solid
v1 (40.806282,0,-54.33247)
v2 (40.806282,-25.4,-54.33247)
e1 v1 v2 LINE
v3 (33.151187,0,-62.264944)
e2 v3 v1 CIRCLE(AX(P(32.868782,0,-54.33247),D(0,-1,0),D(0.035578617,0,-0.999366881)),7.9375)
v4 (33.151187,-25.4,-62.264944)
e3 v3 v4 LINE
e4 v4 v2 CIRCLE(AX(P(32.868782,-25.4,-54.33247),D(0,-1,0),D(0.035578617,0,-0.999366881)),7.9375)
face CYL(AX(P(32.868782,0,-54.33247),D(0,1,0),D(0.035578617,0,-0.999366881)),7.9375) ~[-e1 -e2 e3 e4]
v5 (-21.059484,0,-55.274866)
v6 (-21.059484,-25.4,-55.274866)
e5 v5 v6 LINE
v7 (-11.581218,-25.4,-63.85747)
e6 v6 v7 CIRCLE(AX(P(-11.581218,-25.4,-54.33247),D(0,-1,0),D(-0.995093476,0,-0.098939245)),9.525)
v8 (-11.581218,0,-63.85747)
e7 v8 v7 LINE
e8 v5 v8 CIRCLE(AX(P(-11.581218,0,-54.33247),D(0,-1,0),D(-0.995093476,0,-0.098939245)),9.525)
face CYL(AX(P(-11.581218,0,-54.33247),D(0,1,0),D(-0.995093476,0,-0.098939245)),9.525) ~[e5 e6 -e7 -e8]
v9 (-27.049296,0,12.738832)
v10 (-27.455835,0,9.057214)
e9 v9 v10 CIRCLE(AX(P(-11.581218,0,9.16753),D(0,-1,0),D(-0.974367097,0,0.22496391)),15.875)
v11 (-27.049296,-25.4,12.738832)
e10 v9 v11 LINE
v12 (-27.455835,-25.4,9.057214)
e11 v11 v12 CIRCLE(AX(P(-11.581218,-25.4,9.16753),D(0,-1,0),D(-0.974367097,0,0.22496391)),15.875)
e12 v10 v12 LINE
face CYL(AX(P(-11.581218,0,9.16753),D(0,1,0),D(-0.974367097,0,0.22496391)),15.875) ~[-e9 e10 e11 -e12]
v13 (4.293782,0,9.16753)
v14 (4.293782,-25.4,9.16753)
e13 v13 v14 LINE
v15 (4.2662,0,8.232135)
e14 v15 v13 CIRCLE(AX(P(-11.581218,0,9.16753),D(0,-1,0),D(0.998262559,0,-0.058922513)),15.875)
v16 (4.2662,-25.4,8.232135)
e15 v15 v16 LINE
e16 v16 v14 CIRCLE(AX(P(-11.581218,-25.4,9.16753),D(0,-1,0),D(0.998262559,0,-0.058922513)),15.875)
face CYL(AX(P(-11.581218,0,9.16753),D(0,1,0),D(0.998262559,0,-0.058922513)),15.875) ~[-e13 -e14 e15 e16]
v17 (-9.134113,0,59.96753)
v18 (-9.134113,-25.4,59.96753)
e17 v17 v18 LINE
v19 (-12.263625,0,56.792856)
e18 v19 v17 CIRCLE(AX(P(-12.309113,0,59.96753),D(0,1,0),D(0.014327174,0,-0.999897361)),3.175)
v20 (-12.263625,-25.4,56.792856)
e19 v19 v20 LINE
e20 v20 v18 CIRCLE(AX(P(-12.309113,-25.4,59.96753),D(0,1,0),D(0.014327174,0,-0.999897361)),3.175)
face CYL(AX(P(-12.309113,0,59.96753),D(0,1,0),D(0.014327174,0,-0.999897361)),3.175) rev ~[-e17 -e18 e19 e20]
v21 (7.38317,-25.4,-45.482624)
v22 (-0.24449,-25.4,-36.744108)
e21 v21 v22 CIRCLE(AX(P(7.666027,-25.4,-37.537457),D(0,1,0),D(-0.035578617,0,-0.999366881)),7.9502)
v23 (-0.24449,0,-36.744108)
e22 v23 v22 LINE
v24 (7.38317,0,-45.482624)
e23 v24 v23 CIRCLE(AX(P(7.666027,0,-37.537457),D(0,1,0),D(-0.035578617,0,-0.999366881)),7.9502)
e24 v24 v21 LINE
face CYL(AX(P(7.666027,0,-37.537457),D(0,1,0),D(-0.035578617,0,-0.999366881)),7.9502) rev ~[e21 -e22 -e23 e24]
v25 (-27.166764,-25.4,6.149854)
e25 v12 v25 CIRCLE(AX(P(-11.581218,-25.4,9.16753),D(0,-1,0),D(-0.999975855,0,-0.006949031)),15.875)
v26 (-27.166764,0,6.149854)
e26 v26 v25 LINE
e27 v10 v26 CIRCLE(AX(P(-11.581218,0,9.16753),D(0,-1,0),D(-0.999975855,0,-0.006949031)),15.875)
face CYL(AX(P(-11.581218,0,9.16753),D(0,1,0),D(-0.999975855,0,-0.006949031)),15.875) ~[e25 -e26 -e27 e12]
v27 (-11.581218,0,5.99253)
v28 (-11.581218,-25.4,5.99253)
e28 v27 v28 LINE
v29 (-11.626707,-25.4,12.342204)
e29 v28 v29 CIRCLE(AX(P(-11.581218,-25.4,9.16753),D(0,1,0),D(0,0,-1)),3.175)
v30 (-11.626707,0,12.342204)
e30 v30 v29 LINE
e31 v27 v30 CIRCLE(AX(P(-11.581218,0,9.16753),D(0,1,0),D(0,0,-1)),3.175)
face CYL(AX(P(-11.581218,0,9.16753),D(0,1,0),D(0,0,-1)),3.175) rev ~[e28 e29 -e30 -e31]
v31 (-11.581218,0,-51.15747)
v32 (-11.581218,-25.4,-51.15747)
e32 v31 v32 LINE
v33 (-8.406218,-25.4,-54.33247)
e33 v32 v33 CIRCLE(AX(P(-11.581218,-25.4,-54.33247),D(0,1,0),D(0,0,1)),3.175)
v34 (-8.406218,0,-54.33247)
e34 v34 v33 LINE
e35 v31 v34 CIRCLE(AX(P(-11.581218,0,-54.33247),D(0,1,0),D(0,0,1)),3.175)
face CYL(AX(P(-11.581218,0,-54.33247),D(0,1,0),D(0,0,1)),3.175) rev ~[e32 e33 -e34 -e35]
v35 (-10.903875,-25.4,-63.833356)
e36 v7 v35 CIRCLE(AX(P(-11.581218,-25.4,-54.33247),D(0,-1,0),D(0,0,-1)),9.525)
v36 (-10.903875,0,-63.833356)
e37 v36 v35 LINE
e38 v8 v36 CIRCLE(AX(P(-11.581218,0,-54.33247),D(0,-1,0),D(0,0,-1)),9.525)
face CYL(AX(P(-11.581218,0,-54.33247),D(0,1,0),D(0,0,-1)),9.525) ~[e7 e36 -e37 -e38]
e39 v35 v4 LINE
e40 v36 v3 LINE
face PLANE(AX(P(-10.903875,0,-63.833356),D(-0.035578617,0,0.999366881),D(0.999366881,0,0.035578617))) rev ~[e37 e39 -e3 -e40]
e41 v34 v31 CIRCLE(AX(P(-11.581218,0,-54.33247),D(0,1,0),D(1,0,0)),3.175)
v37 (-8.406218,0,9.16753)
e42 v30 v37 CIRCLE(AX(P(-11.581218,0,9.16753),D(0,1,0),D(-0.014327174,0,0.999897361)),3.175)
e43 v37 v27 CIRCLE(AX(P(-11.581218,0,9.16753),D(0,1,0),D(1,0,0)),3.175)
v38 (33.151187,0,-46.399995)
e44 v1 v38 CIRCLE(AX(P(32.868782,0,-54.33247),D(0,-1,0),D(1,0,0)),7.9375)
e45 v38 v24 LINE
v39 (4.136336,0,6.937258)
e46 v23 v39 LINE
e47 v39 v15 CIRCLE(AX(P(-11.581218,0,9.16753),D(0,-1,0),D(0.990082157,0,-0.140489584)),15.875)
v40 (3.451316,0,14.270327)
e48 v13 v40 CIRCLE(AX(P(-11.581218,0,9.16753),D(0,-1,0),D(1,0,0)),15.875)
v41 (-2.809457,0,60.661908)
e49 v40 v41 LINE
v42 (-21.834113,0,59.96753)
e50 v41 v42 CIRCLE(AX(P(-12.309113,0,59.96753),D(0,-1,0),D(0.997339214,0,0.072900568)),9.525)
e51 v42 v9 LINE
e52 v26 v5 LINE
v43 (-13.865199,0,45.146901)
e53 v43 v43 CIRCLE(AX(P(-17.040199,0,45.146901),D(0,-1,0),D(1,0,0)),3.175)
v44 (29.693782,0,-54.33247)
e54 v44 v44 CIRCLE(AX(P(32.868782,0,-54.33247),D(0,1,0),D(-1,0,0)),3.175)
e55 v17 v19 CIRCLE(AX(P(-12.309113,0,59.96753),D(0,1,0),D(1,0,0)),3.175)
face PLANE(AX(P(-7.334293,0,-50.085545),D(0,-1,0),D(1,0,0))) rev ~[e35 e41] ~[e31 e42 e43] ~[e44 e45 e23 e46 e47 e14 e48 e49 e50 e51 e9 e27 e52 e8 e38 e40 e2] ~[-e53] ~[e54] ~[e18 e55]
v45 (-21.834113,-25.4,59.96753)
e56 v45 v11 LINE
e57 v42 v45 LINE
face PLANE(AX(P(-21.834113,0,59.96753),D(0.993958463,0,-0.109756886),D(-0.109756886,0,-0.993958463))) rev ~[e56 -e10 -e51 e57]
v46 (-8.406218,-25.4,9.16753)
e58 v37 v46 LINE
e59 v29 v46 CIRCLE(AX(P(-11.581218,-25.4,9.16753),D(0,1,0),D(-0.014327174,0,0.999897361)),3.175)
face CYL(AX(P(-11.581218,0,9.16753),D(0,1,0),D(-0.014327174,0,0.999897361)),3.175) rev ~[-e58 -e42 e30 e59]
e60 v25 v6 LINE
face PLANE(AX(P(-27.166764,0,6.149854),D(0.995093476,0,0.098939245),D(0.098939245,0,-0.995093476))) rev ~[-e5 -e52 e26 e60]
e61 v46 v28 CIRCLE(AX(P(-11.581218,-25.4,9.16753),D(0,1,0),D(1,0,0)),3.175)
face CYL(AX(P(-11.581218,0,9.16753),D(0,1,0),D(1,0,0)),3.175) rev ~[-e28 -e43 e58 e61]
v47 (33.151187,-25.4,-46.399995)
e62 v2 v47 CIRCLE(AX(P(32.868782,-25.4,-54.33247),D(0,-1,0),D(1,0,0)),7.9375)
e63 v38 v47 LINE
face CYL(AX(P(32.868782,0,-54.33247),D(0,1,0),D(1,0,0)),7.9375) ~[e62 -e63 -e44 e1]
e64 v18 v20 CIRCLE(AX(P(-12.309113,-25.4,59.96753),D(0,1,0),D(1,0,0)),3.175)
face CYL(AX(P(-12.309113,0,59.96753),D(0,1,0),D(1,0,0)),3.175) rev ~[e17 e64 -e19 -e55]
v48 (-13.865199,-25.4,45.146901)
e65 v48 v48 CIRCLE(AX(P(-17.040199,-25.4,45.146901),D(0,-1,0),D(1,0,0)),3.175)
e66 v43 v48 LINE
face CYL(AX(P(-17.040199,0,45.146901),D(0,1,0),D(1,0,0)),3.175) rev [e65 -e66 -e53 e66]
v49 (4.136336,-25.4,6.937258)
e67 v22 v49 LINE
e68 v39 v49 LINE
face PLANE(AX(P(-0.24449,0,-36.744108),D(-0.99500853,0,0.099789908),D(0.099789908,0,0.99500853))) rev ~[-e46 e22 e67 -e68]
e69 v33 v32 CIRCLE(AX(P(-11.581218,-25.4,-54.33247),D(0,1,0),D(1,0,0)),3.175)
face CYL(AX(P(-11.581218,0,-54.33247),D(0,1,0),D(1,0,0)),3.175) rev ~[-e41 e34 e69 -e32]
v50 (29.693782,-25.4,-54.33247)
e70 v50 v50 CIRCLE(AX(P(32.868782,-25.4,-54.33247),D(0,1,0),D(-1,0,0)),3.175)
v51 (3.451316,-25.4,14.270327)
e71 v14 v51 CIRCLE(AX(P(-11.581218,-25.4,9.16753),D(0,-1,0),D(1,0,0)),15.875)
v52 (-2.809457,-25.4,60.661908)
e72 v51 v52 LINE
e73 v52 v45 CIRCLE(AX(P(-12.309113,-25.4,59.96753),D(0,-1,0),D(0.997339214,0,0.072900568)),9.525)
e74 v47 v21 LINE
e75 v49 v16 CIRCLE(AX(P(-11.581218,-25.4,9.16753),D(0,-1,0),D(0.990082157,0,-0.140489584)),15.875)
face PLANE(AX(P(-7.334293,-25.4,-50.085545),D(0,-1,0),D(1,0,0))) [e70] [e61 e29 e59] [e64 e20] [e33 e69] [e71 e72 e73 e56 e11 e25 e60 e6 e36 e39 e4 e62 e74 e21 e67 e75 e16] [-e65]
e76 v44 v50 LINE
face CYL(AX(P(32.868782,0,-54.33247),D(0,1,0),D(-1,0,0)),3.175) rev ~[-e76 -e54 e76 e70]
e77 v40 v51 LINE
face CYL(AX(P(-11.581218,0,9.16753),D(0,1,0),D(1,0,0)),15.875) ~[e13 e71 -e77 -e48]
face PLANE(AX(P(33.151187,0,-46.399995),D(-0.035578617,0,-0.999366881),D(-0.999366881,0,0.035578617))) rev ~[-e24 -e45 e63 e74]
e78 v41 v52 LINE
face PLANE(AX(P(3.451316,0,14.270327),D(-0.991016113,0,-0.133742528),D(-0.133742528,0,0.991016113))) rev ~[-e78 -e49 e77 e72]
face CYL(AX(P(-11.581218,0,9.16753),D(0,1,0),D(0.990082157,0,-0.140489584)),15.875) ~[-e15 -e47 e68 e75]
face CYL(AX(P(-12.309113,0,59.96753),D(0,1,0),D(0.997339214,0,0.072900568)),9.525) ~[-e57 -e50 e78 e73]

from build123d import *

# Parameters (mm, degrees)
F0_R     = 3.175
F1_DEPTH = 25.4
F2_DEPTH = 25.4


with BuildPart() as f1:
    # F0 (on Front) → F1 (new body)
    with BuildSketch(Plane.XZ):
        with BuildLine():
            ThreePointArc((-21.8341132764, 59.9675301176), (-18.9958831699, 53.1842614814), (-12.1726469476, 50.4435077562))
            ThreePointArc((-12.1726469476, 50.4435077562), (-5.5258446402, 53.2807602241), (-2.7841132764, 59.9675301176))
            ThreePointArc((-2.7841132764, 59.9675301176), (-2.7904513825, 60.3149502538), (-2.8094572661, 60.6619080307))
            ThreePointArc((-2.8094572661, 60.6619080307), (-12.6565334125, 69.4861920114), (-21.8341132764, 59.9675301176))
        make_face()
        with BuildLine():
            ThreePointArc((-9.1341132764, 59.9675301176), (-10.048023731, 57.7386068198), (-12.2636245001, 56.7928559971))
            ThreePointArc((-12.2636245001, 56.7928559971), (-14.5702028218, 62.1964534155), (-9.1341132764, 59.9675301176))
        make_face(mode=Mode.SUBTRACT)
        with BuildLine():
            ThreePointArc((-2.7841132764, 59.9675301176), (-5.5258446402, 53.2807602241), (-12.1726469476, 50.4435077562))
            Line((-12.1726469476, 50.4435077562), (-11.8086620269, 25.04090072))
            ThreePointArc((-11.8086620269, 25.04090072), (-2.4270394488, 22.1373657907), (3.4513160797, 14.2703273667))
            Line((3.4513160797, 14.2703273667), (-2.8094572661, 60.6619080307))
            ThreePointArc((-2.8094572661, 60.6619080307), (-2.7904513825, 60.3149502538), (-2.7841132764, 59.9675301176))
        make_face()
        with BuildLine():
            Line((-11.8086620269, 25.04090072), (-12.1726469476, 50.4435077562))
            ThreePointArc((-12.1726469476, 50.4435077562), (-18.9958831699, 53.1842614814), (-21.8341132764, 59.9675301176))
            Line((-21.8341132764, 59.9675301176), (-27.0492958066, 12.7388321873))
            ThreePointArc((-27.0492958066, 12.7388321873), (-21.5523049303, 21.5203861976), (-11.8086620269, 25.04090072))
        make_face()
        with Locations((-17.0401986688, 45.1469011605)):
            Circle(F0_R, mode=Mode.SUBTRACT)
        with BuildLine():
            ThreePointArc((3.4513160797, 14.2703273667), (-2.4270394488, 22.1373657907), (-11.8086620269, 25.04090072))
            Line((-11.8086620269, 25.04090072), (-11.6267069219, 12.3422042381))
            ThreePointArc((-11.6267069219, 12.3422042381), (-9.3522948478, 11.428619663), (-8.4062181456, 9.1675301176))
            ThreePointArc((-8.4062181456, 9.1675301176), (-9.3361541153, 6.9224660873), (-11.5812181456, 5.9925301176))
            Line((-11.5812181456, 5.9925301176), (-11.5812181456, -6.7074698824))
            ThreePointArc((-11.5812181456, -6.7074698824), (-1.1742480118, -2.8204053858), (4.1363360906, 6.9372579749))
            Line((4.1363360906, 6.9372579749), (4.2661999847, 8.232135226))
            Line((4.2661999847, 8.232135226), (3.4513160797, 14.2703273667))
        make_face()
        with BuildLine():
            Line((-11.6267069219, 12.3422042381), (-11.8086620269, 25.04090072))
            ThreePointArc((-11.8086620269, 25.04090072), (-21.5523049303, 21.5203861976), (-27.0492958066, 12.7388321873))
            Line((-27.0492958066, 12.7388321873), (-27.4558348468, 9.0572142544))
            Line((-27.4558348468, 9.0572142544), (-27.1667644493, 6.1498536246))
            ThreePointArc((-27.1667644493, 6.1498536246), (-21.6834458869, -3.0783107953), (-11.5812181456, -6.7074698824))
            Line((-11.5812181456, -6.7074698824), (-11.5812181456, 5.9925301176))
            ThreePointArc((-11.5812181456, 5.9925301176), (-14.7561366747, 9.1447851458), (-11.6267069219, 12.3422042381))
        make_face()
        with BuildLine():
            ThreePointArc((4.2937818544, 9.1675301176), (4.0817494185, 11.7534674886), (3.4513160797, 14.2703273667))
            Line((3.4513160797, 14.2703273667), (4.2661999847, 8.232135226))
            ThreePointArc((4.2661999847, 8.232135226), (4.2868848888, 8.6996293902), (4.2937818544, 9.1675301176))
        make_face()
        with BuildLine():
            Line((-27.4558348468, 9.0572142544), (-27.0492958066, 12.7388321873))
            ThreePointArc((-27.0492958066, 12.7388321873), (-27.3603087443, 10.9099206818), (-27.4558348468, 9.0572142544))
        make_face()
        with BuildLine():
            ThreePointArc((4.1363360906, 6.9372579749), (4.2145422634, 7.5833653216), (4.2661999847, 8.232135226))
            Line((4.2661999847, 8.232135226), (4.1363360906, 6.9372579749))
        make_face()
        with BuildLine():
            Line((-27.1667644493, 6.1498536246), (-27.4558348468, 9.0572142544))
            ThreePointArc((-27.4558348468, 9.0572142544), (-27.3783270751, 7.5968695977), (-27.1667644493, 6.1498536246))
        make_face()
        with BuildLine():
            ThreePointArc((4.1363360906, 6.9372579749), (-1.1742480118, -2.8204053858), (-11.5812181456, -6.7074698824))
            Line((-11.5812181456, -6.7074698824), (-11.5812181456, -44.8074698824))
            ThreePointArc((-11.5812181456, -44.8074698824), (-4.8460260548, -47.5972777916), (-2.0562181456, -54.3324698824))
            Line((-2.0562181456, -54.3324698824), (24.9312818544, -54.3324698824))
            ThreePointArc((24.9312818544, -54.3324698824), (27.3568713697, -48.6208370985), (33.1511871289, -46.3999952678))
            Line((33.1511871289, -46.3999952678), (7.3831695342, -45.4826240265))
            ThreePointArc((7.3831695342, -45.4826240265), (1.67659756, -42.7654990677), (-0.2444901556, -36.7441077228))
            Line((-0.2444901556, -36.7441077228), (4.1363360906, 6.9372579749))
        make_face()
        with BuildLine():
            Line((-11.5812181456, -44.8074698824), (-11.5812181456, -6.7074698824))
            ThreePointArc((-11.5812181456, -6.7074698824), (-21.6834458869, -3.0783107953), (-27.1667644493, 6.1498536246))
            Line((-27.1667644493, 6.1498536246), (-21.0594835033, -55.2748661943))
            ThreePointArc((-21.0594835033, -55.2748661943), (-18.6417404305, -47.9391413233), (-11.5812181456, -44.8074698824))
        make_face()
        with BuildLine():
            Line((-11.5812181456, -51.1574698824), (-11.5812181456, -44.8074698824))
            ThreePointArc((-11.5812181456, -44.8074698824), (-18.6417404305, -47.9391413233), (-21.0594835033, -55.2748661943))
            ThreePointArc((-21.0594835033, -55.2748661943), (-17.9745467047, -61.3929921673), (-11.5812181456, -63.8574698824))
            Line((-11.5812181456, -63.8574698824), (-10.9038745977, -63.8333556684))
            ThreePointArc((-10.9038745977, -63.8333556684), (-4.6106614141, -60.8237689706), (-2.0562181456, -54.3324698824))
            Line((-2.0562181456, -54.3324698824), (-8.4062181456, -54.3324698824))
            ThreePointArc((-8.4062181456, -54.3324698824), (-13.8262821759, -56.5775339127), (-11.5812181456, -51.1574698824))
        make_face()
        with BuildLine():
            Line((24.9312818544, -54.3324698824), (-2.0562181456, -54.3324698824))
            ThreePointArc((-2.0562181456, -54.3324698824), (-4.6106614141, -60.8237689706), (-10.9038745977, -63.8333556684))
            Line((-10.9038745977, -63.8333556684), (33.1511871289, -62.264944497))
            ThreePointArc((33.1511871289, -62.264944497), (27.3568713697, -60.0441026663), (24.9312818544, -54.3324698824))
        make_face()
        with BuildLine():
            Line((-10.9038745977, -63.8333556684), (-11.5812181456, -63.8574698824))
            ThreePointArc((-11.5812181456, -63.8574698824), (-11.2423318161, -63.8514394199), (-10.9038745977, -63.8333556684))
        make_face()
        with BuildLine():
            ThreePointArc((33.1511871289, -46.3999952678), (27.3568713697, -48.6208370985), (24.9312818544, -54.3324698824))
            ThreePointArc((24.9312818544, -54.3324698824), (27.3568713697, -60.0441026663), (33.1511871289, -62.264944497))
            ThreePointArc((33.1511871289, -62.264944497), (38.5804146383, -59.8443803671), (40.8062818544, -54.3324698824))
            ThreePointArc((40.8062818544, -54.3324698824), (38.5804146383, -48.8205593977), (33.1511871289, -46.3999952678))
        make_face()
        with BuildLine():
            ThreePointArc((36.0437818544, -54.3324698824), (32.8687818544, -57.5074698824), (29.6937818544, -54.3324698824))
            ThreePointArc((29.6937818544, -54.3324698824), (32.8687818544, -51.1574698824), (36.0437818544, -54.3324698824))
        make_face(mode=Mode.SUBTRACT)
    extrude(amount=F1_DEPTH)

    # F0 (on Front) → F2 (join)
    with BuildSketch(Plane.XZ):
        with BuildLine():
            ThreePointArc((-2.0562181456, -54.3324698824), (-4.8460260548, -47.5972777916), (-11.5812181456, -44.8074698824))
            Line((-11.5812181456, -44.8074698824), (-11.5812181456, -51.1574698824))
            ThreePointArc((-11.5812181456, -51.1574698824), (-9.3361541153, -52.0874058521), (-8.4062181456, -54.3324698824))
            Line((-8.4062181456, -54.3324698824), (-2.0562181456, -54.3324698824))
        make_face()
    extrude(amount=F2_DEPTH)


solid = f1.part
